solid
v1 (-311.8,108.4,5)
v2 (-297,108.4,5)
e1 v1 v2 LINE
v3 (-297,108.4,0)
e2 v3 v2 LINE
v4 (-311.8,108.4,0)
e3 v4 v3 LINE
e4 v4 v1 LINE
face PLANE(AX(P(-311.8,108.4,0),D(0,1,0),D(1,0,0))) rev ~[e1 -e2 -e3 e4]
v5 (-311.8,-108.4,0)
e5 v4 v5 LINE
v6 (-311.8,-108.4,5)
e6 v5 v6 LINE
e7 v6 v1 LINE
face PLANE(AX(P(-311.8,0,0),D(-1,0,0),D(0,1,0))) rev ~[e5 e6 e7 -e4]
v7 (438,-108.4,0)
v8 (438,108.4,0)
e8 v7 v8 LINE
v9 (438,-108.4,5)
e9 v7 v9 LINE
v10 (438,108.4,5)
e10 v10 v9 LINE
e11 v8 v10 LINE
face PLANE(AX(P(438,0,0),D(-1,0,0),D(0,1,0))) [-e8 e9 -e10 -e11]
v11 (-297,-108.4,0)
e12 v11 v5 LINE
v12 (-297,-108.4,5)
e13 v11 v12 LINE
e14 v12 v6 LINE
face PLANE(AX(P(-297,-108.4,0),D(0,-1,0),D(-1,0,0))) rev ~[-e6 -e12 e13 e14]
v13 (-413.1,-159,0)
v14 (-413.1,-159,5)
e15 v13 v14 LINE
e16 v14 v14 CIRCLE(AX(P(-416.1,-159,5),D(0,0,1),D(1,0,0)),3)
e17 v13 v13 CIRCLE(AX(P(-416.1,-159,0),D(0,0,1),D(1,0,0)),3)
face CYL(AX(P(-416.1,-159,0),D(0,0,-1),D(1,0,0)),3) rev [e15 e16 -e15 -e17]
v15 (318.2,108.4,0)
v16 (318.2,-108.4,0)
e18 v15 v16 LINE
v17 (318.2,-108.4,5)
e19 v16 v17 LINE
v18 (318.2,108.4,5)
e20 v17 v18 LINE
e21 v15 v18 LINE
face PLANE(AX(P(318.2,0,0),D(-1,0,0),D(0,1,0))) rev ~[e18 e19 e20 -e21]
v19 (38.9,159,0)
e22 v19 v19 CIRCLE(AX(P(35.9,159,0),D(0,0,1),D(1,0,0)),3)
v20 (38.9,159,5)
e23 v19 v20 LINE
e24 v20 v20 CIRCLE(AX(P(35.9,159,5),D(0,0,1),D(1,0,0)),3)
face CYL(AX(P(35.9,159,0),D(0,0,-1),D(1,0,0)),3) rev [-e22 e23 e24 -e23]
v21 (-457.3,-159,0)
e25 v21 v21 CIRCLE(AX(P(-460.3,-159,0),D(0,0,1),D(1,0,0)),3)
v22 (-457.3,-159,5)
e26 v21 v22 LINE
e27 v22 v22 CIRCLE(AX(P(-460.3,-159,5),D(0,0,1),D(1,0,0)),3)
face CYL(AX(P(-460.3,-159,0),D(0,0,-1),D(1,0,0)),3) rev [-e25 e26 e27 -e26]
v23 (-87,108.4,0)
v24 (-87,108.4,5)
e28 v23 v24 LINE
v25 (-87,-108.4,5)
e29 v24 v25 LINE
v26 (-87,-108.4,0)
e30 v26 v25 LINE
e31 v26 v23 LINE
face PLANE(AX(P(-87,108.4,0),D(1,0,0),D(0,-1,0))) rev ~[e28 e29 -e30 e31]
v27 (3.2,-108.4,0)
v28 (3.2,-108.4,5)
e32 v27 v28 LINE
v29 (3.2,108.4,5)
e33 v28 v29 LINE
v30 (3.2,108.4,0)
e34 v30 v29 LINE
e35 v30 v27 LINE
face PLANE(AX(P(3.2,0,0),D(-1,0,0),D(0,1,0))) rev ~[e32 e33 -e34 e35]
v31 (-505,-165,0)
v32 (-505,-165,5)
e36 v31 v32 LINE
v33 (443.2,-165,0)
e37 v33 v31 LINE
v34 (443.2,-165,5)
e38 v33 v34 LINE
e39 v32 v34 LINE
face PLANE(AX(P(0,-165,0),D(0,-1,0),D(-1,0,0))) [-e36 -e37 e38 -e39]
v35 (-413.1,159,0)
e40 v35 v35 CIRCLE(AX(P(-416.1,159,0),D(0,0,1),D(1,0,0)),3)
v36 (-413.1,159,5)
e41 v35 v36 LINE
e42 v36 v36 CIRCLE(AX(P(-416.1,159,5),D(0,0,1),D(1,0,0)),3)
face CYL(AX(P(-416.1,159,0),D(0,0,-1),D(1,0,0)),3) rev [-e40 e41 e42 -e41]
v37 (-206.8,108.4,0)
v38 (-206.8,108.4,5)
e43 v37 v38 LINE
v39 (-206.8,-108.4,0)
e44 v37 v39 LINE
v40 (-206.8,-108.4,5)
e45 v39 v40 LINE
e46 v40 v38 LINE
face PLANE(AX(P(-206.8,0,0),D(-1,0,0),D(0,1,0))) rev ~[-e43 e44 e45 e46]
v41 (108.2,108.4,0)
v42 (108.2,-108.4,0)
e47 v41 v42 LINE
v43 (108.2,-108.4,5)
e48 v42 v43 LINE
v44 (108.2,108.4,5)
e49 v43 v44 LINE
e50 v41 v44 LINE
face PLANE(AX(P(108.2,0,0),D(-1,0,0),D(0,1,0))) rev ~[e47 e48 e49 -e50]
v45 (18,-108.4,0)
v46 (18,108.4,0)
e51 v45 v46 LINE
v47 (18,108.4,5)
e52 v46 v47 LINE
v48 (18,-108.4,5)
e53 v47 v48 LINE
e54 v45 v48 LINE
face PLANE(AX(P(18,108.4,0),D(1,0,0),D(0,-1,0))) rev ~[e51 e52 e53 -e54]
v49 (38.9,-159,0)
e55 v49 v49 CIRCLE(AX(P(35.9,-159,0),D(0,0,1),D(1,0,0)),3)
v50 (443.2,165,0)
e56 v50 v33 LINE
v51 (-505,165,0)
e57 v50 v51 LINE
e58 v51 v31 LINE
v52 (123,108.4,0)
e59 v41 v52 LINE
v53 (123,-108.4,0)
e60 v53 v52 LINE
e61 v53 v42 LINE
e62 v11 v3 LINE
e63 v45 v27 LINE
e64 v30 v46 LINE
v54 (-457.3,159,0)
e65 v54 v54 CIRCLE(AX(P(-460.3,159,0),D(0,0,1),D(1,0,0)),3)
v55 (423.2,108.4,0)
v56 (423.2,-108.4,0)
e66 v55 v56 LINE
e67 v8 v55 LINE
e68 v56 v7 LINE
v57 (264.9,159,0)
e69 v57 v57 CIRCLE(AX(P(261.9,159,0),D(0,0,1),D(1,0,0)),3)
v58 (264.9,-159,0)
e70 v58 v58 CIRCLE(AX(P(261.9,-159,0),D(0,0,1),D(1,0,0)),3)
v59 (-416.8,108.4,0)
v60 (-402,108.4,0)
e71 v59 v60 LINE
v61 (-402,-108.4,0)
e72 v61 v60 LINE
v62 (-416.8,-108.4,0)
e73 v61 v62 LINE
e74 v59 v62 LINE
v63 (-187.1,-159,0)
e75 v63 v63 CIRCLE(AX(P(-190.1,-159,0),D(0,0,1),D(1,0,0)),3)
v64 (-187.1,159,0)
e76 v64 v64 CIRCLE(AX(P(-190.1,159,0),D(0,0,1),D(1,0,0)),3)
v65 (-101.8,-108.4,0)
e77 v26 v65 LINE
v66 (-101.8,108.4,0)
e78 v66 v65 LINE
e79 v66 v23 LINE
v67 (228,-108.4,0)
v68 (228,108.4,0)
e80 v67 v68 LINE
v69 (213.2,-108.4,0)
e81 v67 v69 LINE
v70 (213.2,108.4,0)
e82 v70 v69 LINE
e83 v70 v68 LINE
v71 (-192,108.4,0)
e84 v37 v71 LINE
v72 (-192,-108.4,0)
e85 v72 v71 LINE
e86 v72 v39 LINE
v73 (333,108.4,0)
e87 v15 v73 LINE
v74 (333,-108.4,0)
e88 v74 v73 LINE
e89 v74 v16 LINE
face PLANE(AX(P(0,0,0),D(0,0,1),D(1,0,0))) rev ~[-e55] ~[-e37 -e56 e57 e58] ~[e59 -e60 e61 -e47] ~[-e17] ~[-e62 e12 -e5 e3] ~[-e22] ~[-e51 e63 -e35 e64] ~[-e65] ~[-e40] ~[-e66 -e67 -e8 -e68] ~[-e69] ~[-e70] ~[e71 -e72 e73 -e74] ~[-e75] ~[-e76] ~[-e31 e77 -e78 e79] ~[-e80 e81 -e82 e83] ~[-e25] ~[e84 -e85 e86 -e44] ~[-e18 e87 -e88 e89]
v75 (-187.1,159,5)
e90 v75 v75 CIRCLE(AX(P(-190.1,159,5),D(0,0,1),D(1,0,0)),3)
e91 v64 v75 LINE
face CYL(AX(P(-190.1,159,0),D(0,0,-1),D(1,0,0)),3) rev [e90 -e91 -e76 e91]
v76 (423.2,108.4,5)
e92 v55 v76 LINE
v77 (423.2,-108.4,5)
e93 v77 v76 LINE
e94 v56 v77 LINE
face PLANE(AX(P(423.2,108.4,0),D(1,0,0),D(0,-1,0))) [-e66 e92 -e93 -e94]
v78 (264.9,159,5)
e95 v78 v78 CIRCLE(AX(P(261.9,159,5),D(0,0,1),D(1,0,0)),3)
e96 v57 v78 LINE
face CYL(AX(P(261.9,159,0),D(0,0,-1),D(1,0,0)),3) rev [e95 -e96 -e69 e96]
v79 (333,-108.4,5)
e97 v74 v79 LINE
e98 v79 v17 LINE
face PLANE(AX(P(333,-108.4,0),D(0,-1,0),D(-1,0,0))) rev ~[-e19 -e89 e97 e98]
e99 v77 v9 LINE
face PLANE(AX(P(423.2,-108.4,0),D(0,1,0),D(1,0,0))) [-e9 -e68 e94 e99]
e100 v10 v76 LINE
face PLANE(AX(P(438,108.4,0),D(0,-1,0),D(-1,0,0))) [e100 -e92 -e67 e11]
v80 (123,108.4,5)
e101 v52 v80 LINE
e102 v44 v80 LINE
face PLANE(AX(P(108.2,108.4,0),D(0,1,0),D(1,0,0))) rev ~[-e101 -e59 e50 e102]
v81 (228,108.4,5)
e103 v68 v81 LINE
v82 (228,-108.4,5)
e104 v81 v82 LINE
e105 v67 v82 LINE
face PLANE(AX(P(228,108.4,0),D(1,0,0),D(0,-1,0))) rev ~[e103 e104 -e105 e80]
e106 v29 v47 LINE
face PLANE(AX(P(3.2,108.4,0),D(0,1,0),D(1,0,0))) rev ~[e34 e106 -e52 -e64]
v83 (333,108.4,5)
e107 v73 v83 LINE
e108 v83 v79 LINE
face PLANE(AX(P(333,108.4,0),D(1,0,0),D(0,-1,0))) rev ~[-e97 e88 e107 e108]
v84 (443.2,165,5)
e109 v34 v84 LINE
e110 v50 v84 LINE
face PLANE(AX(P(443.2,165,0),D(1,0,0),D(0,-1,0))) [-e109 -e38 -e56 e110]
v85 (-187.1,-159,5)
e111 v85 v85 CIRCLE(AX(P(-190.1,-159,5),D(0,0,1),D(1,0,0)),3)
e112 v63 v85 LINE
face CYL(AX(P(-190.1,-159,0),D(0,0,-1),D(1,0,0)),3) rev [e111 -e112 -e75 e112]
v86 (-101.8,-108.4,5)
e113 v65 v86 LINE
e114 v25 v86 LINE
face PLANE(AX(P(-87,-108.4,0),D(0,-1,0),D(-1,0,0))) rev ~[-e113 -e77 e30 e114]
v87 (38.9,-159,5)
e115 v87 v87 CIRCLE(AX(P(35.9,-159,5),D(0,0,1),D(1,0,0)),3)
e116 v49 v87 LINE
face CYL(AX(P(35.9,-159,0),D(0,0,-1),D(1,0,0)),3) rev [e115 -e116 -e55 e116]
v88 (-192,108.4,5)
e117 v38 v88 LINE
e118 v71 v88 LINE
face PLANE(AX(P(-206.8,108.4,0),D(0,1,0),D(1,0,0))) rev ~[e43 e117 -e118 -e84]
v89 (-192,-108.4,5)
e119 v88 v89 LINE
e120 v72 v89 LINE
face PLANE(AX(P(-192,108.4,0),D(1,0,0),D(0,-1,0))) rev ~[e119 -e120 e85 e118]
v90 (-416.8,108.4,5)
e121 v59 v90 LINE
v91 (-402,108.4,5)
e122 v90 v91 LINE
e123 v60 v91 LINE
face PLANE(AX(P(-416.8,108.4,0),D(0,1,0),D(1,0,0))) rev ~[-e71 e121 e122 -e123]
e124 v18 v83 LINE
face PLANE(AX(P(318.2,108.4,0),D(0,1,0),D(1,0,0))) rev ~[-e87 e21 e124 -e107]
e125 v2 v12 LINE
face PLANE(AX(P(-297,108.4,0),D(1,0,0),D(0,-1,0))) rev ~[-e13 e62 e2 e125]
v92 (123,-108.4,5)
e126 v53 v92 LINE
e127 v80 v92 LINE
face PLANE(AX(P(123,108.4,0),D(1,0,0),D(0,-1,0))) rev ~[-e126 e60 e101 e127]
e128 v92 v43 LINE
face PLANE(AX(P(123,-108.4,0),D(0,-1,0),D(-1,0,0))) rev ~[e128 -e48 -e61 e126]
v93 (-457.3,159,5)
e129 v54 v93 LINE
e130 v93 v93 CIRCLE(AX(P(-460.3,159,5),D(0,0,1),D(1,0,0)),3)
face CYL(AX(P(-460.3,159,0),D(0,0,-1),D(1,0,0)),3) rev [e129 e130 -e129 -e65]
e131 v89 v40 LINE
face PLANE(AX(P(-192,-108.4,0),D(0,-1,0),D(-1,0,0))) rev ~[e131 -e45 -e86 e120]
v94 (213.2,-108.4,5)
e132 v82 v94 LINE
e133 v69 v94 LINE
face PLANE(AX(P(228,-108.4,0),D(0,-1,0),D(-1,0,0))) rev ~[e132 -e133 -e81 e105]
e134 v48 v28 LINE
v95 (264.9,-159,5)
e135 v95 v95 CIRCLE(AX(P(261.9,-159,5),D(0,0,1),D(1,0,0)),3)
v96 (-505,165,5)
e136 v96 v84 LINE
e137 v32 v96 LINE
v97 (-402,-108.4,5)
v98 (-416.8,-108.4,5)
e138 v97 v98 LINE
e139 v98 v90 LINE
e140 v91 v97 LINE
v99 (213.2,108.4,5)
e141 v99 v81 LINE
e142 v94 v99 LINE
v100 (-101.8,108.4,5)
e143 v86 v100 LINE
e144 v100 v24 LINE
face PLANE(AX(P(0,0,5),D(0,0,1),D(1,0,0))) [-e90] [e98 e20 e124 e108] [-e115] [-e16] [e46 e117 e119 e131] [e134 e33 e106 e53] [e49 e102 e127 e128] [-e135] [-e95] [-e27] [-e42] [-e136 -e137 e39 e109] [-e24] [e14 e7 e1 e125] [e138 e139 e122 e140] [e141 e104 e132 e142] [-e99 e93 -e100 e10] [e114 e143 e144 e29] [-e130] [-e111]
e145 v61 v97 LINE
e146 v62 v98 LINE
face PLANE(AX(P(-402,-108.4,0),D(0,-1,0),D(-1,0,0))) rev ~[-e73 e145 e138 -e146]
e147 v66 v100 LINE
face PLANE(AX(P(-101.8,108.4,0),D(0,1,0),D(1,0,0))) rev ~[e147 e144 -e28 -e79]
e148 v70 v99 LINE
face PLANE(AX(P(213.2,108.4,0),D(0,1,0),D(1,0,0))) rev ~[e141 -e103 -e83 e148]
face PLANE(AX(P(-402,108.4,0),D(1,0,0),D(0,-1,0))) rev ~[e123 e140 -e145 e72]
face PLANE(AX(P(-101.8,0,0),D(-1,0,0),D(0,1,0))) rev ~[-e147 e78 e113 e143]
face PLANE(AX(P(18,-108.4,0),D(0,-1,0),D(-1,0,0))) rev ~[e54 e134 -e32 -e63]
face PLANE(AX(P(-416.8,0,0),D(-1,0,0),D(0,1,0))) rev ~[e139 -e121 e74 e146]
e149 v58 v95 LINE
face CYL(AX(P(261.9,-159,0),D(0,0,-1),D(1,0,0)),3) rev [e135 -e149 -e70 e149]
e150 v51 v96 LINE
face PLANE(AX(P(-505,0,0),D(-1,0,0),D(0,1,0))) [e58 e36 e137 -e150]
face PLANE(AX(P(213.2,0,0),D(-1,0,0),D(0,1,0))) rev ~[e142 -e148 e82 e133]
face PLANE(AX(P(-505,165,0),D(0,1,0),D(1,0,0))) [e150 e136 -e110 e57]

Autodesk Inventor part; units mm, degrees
ref_plane "YZ Plane" through (0, 0, 0) normal (1, 0, 0) x (0, 1, 0)
ref_plane "XZ Plane" through (0, 0, 0) normal (0, 1, 0) x (-1, 0, 0)
ref_plane "XY Plane" through (0, 0, 0) normal (0, 0, 1) x (1, 0, 0)
sketch "Sketch1" plane through (0, 0, 0) normal (0, 0, 1) x (1, 0, 0)
  line L0 (-505, 165) -> (443.2, 165)
  line L1 (443.2, 165) -> (443.2, -165)
  line L2 (443.2, -165) -> (-505, -165)
  line L3 (-505, -165) -> (-505, 165)
  line L4 (0, 231) -> (0, -231) projected
  line L5 (-694.64, 0) -> (632.84, 0) projected
  line L6 (3.2, 108.4) -> (18, 108.4)
  line L7 (18, 108.4) -> (18, -108.4)
  line L8 (18, -108.4) -> (3.2, -108.4)
  line L9 (3.2, -108.4) -> (3.2, 108.4)
  line L10 (-101.8, 108.4) -> (-87, 108.4)
  line L11 (-87, 108.4) -> (-87, -108.4)
  line L12 (-87, -108.4) -> (-101.8, -108.4)
  line L13 (-101.8, -108.4) -> (-101.8, 108.4)
  line L14 (-206.8, 108.4) -> (-192, 108.4)
  line L15 (-192, 108.4) -> (-192, -108.4)
  line L16 (-192, -108.4) -> (-206.8, -108.4)
  line L17 (-206.8, -108.4) -> (-206.8, 108.4)
  line L18 (-311.8, 108.4) -> (-297, 108.4)
  line L19 (-297, 108.4) -> (-297, -108.4)
  line L20 (-297, -108.4) -> (-311.8, -108.4)
  line L21 (-311.8, -108.4) -> (-311.8, 108.4)
  line L22 (-416.8, 108.4) -> (-402, 108.4)
  line L23 (-402, 108.4) -> (-402, -108.4)
  line L24 (-402, -108.4) -> (-416.8, -108.4)
  line L25 (-416.8, -108.4) -> (-416.8, 108.4)
  line L26 (108.2, 108.4) -> (123, 108.4)
  line L27 (123, 108.4) -> (123, -108.4)
  line L28 (123, -108.4) -> (108.2, -108.4)
  line L29 (108.2, -108.4) -> (108.2, 108.4)
  line L30 (213.2, 108.4) -> (228, 108.4)
  line L31 (228, 108.4) -> (228, -108.4)
  line L32 (228, -108.4) -> (213.2, -108.4)
  line L33 (213.2, -108.4) -> (213.2, 108.4)
  line L34 (318.2, 108.4) -> (333, 108.4)
  line L35 (333, 108.4) -> (333, -108.4)
  line L36 (333, -108.4) -> (318.2, -108.4)
  line L37 (318.2, -108.4) -> (318.2, 108.4)
  line L38 (438, 108.4) -> (423.2, 108.4)
  line L39 (423.2, 108.4) -> (423.2, -108.4)
  line L40 (423.2, -108.4) -> (438, -108.4)
  line L41 (438, -108.4) -> (438, 108.4)
  line L42 (-505, 159) -> (443.2, 159) construction
  line L43 (-505, -159) -> (443.2, -159) construction
  circle A0 centre (-416.1, 159) radius 3
  circle A1 centre (-190.1, 159) radius 3
  circle A2 centre (35.9, 159) radius 3
  circle A3 centre (261.9, 159) radius 3
  circle A4 centre (-460.3, 159) radius 3
  circle A5 centre (-416.1, -159) radius 3
  circle A6 centre (-190.1, -159) radius 3
  circle A7 centre (261.9, -159) radius 3
  circle A8 centre (-460.3, -159) radius 3
  circle A9 centre (35.9, -159) radius 3
  point P0 (0, 0)
  dimension "d1" = 330
  dimension "d2" = 216.8
  dimension "d3" = 14.8
  dimension "d5" = 14.8
  dimension "d8" = 14.8
  dimension "d9" = 14.8
  dimension "d11" = 14.8
  dimension "d14" = 14.8
  dimension "d16" = 14.8
  dimension "d18" = 14.8
  dimension "d20" = 438
  dimension "d21" = 14.8
  dimension "d24" = 105
  dimension "d25" = 105
  dimension "d26" = 105
  dimension "d27" = 105
  dimension "d28" = 105
  dimension "d29" = 105
  dimension "d30" = 105
  dimension "d31" = 105
  dimension "d32" = 505
  dimension "d33" = 5.2
  dimension "d34" = 6
  dimension "d35" = 6
  dimension "d36" = 6
  dimension "d37" = 88.9
  dimension "d38" = 88.9
  dimension "d39" = 226
  dimension "d40" = 226
  dimension "d41" = 226
  dimension "d42" = 226
  dimension "d43" = 226
  dimension "d44" = 226
  dimension "d45" = 44.7
  dimension "d46" = 44.7
extrude "Extrusion1" add sketch "Sketch1" along normal blind 5 contours L0 L4 L5 L11 L10 L13 L15 L14 L17 L19 L18 L21 L23 L22 L25 L3 | L0 L1 L5 L41 L38 L39 L35 L34 L37 L31 L30 L33 L27 L26 L29 L7 L6 L9 L4 | L5 L25 L24 L23 L21 L20 L19 L17 L16 L15 L13 L12 L11 L4 L2 L3 | L5 L9 L8 L7 L29 L28 L27 L33 L32 L31 L37 L36 L35 L39 L40 L41 L1 L2 L4
properties part number "FerriteLayer"
